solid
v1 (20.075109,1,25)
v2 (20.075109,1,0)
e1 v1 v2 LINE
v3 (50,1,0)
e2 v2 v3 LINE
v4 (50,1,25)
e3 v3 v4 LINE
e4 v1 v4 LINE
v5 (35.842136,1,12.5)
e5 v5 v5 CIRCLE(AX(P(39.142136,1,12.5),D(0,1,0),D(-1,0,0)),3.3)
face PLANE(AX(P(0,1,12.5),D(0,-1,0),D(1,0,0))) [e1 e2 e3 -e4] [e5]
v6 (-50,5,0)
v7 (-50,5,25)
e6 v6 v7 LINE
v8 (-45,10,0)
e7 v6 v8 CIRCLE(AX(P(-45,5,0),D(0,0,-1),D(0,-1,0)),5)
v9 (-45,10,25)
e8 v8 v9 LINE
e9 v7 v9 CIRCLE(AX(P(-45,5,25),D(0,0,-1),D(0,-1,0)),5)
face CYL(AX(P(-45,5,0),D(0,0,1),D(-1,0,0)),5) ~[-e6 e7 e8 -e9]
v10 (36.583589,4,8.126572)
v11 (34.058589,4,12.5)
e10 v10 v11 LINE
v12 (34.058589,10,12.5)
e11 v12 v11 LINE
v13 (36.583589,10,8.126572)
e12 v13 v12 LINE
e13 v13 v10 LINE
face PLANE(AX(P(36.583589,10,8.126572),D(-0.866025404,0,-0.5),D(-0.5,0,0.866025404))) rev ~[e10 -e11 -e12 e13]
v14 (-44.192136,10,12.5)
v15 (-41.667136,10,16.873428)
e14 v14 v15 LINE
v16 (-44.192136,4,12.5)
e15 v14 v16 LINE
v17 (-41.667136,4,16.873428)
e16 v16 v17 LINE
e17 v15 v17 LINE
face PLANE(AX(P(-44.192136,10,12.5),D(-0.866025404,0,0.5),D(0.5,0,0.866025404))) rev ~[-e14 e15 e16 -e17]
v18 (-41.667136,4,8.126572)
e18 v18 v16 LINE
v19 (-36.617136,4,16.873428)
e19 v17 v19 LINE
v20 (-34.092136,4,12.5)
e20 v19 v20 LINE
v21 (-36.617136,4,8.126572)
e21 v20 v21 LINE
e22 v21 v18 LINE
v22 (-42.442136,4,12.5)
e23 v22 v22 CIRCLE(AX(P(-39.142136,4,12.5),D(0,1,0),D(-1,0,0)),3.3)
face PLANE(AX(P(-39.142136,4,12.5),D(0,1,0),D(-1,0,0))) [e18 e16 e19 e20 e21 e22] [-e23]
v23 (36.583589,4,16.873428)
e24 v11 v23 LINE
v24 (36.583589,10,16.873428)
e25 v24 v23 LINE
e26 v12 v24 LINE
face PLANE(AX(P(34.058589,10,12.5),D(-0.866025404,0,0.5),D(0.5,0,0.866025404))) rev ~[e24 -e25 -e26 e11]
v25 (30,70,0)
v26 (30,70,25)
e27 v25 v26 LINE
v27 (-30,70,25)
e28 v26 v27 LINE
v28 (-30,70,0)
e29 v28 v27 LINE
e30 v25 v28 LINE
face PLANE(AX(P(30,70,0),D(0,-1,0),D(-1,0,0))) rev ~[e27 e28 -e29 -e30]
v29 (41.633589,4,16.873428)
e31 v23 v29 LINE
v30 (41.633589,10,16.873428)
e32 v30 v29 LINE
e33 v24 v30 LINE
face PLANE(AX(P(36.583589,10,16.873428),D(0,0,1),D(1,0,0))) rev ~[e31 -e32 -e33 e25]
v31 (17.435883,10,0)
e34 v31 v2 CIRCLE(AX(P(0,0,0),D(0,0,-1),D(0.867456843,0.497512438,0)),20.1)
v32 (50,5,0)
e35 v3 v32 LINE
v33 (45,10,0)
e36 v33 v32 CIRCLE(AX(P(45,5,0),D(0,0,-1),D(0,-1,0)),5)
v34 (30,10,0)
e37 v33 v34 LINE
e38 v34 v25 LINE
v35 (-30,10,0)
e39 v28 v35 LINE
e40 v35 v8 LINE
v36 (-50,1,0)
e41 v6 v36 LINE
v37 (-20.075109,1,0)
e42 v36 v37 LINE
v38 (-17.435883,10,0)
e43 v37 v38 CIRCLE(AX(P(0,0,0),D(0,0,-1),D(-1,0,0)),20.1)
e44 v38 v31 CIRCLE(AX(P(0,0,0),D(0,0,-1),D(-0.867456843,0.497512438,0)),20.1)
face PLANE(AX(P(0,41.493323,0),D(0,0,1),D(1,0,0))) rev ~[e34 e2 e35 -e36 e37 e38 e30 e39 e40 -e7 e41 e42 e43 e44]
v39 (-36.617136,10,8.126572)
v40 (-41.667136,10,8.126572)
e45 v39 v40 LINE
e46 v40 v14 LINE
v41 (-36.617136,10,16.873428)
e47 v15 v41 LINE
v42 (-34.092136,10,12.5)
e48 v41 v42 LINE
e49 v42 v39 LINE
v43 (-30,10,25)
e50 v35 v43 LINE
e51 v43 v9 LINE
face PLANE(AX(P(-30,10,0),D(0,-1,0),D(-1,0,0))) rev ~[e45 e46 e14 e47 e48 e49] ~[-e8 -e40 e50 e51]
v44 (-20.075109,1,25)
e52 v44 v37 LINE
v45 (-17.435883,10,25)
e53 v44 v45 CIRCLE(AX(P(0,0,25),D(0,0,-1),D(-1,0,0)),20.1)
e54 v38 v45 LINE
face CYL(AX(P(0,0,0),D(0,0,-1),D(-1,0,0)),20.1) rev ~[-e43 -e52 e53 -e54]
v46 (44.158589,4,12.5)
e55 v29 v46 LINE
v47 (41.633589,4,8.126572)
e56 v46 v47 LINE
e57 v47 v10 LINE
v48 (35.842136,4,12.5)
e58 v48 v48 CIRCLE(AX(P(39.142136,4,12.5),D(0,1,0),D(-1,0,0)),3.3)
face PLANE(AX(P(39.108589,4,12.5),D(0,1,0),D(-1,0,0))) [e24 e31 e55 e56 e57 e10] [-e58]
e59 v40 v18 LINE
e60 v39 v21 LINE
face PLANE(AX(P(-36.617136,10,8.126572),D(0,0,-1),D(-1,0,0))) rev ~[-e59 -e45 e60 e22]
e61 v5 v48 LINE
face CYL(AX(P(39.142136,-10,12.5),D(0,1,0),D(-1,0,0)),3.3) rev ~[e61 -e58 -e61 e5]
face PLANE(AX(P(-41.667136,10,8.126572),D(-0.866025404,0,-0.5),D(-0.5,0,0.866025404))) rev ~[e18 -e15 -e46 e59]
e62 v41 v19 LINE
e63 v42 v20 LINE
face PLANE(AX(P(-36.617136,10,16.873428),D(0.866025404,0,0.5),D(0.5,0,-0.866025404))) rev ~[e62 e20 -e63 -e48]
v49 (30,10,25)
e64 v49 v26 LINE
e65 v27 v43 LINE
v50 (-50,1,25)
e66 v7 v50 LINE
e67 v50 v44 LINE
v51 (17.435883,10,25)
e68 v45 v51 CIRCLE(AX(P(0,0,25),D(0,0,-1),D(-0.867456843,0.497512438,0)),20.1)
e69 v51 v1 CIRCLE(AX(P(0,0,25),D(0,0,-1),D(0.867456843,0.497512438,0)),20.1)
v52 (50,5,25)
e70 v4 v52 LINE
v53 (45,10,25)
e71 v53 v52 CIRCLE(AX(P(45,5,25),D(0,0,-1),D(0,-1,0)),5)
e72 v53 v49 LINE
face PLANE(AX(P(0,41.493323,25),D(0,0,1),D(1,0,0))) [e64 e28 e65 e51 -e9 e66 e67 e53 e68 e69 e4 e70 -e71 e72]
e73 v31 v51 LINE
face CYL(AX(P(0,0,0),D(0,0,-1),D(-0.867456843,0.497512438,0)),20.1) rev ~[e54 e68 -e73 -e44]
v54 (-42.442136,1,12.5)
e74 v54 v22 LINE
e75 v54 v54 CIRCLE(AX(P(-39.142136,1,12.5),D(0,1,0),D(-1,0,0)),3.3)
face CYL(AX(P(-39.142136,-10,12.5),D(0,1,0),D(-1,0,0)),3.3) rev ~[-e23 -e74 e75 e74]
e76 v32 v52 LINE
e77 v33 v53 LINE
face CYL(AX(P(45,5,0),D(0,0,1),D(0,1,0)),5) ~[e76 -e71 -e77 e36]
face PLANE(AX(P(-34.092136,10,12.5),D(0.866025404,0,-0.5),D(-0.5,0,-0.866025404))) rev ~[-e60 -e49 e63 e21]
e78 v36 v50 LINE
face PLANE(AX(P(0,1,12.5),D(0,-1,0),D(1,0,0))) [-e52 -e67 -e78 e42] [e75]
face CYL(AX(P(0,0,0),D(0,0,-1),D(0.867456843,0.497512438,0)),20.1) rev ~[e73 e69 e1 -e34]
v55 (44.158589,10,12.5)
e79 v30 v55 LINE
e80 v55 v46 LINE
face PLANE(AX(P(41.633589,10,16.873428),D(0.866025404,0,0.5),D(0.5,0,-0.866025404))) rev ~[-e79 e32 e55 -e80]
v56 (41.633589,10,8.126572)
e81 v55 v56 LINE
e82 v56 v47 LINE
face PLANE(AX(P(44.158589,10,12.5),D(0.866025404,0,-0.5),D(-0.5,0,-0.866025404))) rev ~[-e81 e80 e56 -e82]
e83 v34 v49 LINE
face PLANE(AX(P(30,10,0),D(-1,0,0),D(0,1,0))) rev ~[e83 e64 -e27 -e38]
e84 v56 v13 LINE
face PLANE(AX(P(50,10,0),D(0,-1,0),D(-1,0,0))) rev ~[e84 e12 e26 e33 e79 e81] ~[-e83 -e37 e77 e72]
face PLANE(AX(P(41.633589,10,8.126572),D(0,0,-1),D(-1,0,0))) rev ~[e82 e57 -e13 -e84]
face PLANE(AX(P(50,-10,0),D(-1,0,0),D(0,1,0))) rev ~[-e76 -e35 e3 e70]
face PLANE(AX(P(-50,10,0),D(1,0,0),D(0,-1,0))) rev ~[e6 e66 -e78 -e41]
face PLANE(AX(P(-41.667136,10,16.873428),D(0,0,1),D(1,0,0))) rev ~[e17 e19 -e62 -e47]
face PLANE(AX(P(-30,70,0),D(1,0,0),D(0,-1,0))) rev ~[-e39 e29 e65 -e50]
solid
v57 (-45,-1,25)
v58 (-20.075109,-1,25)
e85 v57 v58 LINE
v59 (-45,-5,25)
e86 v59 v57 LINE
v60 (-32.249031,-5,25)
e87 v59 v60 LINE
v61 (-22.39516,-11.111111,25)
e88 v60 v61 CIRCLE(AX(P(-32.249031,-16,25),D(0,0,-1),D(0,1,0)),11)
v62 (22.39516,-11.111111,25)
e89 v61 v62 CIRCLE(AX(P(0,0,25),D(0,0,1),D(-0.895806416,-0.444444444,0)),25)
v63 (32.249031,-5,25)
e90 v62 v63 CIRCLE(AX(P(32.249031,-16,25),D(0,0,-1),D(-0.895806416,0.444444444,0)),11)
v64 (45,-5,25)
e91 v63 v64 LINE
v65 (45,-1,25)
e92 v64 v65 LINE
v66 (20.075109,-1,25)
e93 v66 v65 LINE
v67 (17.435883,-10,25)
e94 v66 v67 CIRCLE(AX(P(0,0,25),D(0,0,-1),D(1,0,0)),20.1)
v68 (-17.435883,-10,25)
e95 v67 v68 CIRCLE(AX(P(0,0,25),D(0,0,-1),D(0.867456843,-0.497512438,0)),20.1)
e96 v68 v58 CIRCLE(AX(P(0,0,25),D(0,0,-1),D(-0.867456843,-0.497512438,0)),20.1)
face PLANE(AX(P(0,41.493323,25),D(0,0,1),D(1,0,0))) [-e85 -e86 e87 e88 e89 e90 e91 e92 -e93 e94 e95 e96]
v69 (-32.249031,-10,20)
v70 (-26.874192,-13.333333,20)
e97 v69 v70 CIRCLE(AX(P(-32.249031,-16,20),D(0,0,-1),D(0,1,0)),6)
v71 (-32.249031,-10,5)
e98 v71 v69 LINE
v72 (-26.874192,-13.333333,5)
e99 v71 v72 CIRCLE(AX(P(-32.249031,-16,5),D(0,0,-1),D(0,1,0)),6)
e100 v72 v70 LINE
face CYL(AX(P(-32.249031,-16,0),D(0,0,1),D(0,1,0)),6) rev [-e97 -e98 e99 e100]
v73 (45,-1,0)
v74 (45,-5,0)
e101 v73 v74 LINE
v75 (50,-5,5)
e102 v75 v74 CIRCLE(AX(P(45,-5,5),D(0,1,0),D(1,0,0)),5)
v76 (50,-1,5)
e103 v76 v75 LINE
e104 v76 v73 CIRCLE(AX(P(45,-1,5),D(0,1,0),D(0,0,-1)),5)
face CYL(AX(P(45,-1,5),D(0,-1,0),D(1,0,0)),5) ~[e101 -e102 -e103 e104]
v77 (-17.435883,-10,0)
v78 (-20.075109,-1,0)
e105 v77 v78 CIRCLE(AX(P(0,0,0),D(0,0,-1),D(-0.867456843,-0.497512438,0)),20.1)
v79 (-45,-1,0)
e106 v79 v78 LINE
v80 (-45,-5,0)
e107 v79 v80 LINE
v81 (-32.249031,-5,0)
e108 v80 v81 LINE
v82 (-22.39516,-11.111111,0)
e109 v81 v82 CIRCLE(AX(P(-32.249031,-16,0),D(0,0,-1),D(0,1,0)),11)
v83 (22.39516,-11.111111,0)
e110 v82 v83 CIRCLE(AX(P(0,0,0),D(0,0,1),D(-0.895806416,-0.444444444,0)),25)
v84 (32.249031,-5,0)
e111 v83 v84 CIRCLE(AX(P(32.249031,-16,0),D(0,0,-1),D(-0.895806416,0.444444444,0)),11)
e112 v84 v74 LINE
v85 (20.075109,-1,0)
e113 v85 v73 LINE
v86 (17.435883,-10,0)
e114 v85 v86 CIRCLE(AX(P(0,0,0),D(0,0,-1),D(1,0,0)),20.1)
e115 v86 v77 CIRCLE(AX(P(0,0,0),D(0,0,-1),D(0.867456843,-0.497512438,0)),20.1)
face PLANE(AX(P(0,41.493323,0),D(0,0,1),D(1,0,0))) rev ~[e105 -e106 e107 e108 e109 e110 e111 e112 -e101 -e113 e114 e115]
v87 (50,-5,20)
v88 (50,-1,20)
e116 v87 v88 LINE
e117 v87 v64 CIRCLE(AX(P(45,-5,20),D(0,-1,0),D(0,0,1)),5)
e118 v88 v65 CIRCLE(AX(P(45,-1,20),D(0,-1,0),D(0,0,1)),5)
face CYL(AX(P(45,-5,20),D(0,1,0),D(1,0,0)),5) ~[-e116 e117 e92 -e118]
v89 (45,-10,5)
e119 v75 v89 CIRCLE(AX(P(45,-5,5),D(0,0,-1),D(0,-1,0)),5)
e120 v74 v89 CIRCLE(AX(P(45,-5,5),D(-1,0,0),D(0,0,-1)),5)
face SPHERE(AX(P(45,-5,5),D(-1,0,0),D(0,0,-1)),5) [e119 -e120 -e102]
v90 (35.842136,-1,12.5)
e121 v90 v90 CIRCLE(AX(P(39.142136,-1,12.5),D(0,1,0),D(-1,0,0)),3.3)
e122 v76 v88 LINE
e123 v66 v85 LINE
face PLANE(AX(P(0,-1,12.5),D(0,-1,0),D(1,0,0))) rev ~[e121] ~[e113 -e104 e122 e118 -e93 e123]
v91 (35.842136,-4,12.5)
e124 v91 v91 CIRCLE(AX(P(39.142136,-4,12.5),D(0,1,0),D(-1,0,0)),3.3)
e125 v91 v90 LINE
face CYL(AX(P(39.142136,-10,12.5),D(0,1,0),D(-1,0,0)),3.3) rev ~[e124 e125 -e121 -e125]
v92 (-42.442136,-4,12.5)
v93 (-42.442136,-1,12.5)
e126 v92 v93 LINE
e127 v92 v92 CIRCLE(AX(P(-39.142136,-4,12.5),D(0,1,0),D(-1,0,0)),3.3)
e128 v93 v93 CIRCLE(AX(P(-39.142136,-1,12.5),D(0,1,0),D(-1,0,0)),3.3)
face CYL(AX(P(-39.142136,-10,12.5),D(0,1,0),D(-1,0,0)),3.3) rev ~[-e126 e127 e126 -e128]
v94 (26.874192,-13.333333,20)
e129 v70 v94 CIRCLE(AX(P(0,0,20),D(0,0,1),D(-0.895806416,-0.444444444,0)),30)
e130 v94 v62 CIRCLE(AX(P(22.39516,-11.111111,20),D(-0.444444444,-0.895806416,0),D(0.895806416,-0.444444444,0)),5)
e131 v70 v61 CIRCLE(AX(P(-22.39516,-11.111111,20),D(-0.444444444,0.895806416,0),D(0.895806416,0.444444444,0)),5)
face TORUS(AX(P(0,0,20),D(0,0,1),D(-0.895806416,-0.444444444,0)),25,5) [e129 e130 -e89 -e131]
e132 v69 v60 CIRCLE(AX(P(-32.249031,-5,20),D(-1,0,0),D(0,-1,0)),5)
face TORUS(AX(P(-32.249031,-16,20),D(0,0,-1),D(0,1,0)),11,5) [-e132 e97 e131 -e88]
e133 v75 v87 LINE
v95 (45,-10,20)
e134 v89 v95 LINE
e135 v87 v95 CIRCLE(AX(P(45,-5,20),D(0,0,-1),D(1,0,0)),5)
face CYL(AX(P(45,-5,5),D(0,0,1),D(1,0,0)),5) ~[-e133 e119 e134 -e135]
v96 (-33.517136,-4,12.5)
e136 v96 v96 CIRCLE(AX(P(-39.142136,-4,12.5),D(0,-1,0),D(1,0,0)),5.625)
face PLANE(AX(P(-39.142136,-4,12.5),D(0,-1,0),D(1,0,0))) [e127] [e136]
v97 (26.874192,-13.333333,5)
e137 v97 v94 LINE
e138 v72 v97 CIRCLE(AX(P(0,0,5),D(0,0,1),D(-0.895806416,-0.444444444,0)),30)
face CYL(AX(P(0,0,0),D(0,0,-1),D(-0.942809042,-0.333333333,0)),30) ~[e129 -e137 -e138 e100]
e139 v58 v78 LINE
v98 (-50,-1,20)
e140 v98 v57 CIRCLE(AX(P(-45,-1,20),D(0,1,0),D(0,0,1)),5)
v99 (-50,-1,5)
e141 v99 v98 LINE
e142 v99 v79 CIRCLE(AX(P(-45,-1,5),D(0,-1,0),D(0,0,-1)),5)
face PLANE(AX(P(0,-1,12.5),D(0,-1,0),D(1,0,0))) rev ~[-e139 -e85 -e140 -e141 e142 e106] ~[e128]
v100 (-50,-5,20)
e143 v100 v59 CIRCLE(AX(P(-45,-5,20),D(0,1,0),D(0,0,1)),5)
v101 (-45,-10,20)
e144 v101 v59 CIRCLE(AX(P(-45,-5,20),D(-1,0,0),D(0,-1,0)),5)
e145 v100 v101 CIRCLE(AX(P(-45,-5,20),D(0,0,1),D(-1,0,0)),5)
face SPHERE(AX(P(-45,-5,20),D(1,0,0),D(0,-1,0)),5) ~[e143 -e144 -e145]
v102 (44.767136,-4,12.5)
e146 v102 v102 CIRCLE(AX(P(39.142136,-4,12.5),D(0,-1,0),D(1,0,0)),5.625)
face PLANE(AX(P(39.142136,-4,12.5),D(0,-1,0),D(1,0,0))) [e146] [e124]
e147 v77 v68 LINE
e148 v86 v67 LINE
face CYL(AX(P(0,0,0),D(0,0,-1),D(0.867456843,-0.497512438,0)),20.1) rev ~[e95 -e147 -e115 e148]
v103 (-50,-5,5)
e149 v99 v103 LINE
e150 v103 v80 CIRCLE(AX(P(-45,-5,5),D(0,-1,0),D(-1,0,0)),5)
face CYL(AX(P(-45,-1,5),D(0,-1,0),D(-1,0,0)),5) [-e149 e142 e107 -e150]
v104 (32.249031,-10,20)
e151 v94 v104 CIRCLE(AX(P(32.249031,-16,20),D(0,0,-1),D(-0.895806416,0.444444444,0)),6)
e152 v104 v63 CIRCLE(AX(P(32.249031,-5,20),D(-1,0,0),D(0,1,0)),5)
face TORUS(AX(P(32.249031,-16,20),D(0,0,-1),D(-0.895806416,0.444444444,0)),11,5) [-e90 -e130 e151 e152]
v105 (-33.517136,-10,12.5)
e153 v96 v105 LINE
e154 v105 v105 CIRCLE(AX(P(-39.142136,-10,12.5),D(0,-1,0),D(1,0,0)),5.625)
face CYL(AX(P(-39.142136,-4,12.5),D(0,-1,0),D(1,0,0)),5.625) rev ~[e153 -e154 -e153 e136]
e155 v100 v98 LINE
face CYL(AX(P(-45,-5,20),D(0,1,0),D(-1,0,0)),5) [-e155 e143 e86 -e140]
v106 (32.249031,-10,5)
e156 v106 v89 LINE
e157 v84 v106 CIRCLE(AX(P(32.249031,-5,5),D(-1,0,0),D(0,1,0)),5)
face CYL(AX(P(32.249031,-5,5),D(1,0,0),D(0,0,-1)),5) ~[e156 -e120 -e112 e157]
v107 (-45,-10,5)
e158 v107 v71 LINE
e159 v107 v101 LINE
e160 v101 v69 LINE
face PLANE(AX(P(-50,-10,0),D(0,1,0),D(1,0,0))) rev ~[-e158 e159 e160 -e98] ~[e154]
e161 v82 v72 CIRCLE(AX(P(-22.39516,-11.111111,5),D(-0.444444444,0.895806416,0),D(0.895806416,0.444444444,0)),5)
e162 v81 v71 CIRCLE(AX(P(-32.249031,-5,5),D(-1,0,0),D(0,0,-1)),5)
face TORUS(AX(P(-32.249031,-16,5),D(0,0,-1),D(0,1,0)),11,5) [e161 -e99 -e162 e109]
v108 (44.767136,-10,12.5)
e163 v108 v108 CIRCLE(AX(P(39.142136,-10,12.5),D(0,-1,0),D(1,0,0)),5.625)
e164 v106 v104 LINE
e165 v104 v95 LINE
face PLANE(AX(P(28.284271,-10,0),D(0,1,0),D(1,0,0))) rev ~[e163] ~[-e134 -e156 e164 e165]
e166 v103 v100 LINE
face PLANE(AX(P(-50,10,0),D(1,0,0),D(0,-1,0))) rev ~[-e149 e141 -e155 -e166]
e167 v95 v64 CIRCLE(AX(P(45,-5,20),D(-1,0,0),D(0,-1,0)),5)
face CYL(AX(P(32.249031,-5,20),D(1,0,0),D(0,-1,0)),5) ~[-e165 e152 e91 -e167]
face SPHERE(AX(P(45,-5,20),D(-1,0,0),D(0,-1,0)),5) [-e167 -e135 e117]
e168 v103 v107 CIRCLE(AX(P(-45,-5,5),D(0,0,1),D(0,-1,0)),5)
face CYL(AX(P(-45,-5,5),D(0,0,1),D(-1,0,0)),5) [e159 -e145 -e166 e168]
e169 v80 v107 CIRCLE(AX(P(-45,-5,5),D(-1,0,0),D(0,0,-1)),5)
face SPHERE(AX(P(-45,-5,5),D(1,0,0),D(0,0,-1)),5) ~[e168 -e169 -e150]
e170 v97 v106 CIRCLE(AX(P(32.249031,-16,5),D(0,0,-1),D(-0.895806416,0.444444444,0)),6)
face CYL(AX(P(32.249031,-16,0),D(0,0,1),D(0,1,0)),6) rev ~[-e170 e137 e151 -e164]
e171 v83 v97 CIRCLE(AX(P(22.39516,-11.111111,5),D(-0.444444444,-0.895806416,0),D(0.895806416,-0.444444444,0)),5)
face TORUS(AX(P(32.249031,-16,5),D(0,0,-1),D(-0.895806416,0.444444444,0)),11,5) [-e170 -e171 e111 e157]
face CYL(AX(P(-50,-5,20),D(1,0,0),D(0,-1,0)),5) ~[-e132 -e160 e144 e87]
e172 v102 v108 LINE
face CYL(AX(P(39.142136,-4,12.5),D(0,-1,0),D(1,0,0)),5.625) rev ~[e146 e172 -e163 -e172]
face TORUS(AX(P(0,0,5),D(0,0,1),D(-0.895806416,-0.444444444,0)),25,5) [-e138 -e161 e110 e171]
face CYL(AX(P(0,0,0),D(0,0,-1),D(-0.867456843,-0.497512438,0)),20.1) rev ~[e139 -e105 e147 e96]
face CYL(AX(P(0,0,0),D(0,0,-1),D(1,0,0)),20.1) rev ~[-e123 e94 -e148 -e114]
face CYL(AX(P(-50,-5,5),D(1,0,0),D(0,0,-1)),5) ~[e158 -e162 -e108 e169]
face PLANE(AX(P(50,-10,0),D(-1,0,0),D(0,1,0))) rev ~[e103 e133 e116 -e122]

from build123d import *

# Parameters (mm, degrees)
F1_DEPTH             = 25
F4_D                 = 6.6
F4_CBORE_D           = 11.25
F4_CBORE_DEPTH       = 6
F4_ON_F3_D           = 6.6
F4_ON_F3_CBORE_D     = 11.25
F4_ON_F3_CBORE_DEPTH = 6
F5_R                 = 3.3
F6_DEPTH             = 6
F7_R                 = 6
F8_W                 = 100
F8_H                 = 25
F9_DEPTH             = 1
F10_R                = 5
F11_R                = 5


with BuildPart() as f1:
    # F0 (on Top) → F1 (new body)
    with BuildSketch(Plane.XY):
        with BuildLine():
            ThreePointArc((-28.2842712475, 10), (0, 30), (28.2842712475, 10))
            Line((28.2842712475, 10), (30, 10))
            Line((30, 10), (30, 70))
            Line((30, 70), (-30, 70))
            Line((-30, 70), (-30, 10))
            Line((-30, 10), (-28.2842712475, 10))
        make_face()
        with BuildLine():
            Line((30, 10), (30, 0))
            ThreePointArc((30, 0), (29.5679567896, -5.0730593618), (28.2842712475, -10))
            Line((28.2842712475, -10), (50, -10))
            Line((50, -10), (50, 10))
            Line((50, 10), (30, 10))
        make_face()
        with BuildLine():
            ThreePointArc((-17.4358825415, 10), (0, 20.1), (17.4358825415, 10))
            Line((17.4358825415, 10), (28.2842712475, 10))
            ThreePointArc((28.2842712475, 10), (0, 30), (-28.2842712475, 10))
            Line((-28.2842712475, 10), (-17.4358825415, 10))
        make_face()
        with BuildLine():
            Line((-30, 0), (-20.1, 0))
            ThreePointArc((-20.1, 0), (-19.4225544031, 5.1743966275), (-17.4358825415, 10))
            Line((-17.4358825415, 10), (-28.2842712475, 10))
            ThreePointArc((-28.2842712475, 10), (-29.5679567896, 5.0730593618), (-30, 0))
        make_face()
        with BuildLine():
            ThreePointArc((-17.4358825415, -10), (-19.4225544031, -5.1743966275), (-20.1, 0))
            Line((-20.1, 0), (-30, 0))
            ThreePointArc((-30, 0), (-29.5679567896, -5.0730593618), (-28.2842712475, -10))
            Line((-28.2842712475, -10), (-17.4358825415, -10))
        make_face()
        with BuildLine():
            Line((28.2842712475, -10), (17.4358825415, -10))
            ThreePointArc((17.4358825415, -10), (0, -20.1), (-17.4358825415, -10))
            Line((-17.4358825415, -10), (-28.2842712475, -10))
            ThreePointArc((-28.2842712475, -10), (0, -30), (28.2842712475, -10))
        make_face()
        with BuildLine():
            Line((30, 0), (20.1, 0))
            ThreePointArc((20.1, 0), (19.4225544031, -5.1743966275), (17.4358825415, -10))
            Line((17.4358825415, -10), (28.2842712475, -10))
            ThreePointArc((28.2842712475, -10), (29.5679567896, -5.0730593618), (30, 0))
        make_face()
        with BuildLine():
            ThreePointArc((17.4358825415, 10), (19.4225544031, 5.1743966275), (20.1, 0))
            Line((20.1, 0), (30, 0))
            ThreePointArc((30, 0), (29.5679567896, 5.0730593618), (28.2842712475, 10))
            Line((28.2842712475, 10), (17.4358825415, 10))
        make_face()
        with BuildLine():
            ThreePointArc((-28.2842712475, -10), (-29.5679567896, -5.0730593618), (-30, 0))
            Line((-30, 0), (-30, 10))
            Line((-30, 10), (-50, 10))
            Line((-50, 10), (-50, -10))
            Line((-50, -10), (-28.2842712475, -10))
        make_face()
        with BuildLine():
            Line((-30, 10), (-30, 0))
            ThreePointArc((-30, 0), (-29.5679567896, 5.0730593618), (-28.2842712475, 10))
            Line((-28.2842712475, 10), (-30, 10))
        make_face()
        with BuildLine():
            ThreePointArc((28.2842712475, 10), (29.5679567896, 5.0730593618), (30, 0))
            Line((30, 0), (30, 10))
            Line((30, 10), (28.2842712475, 10))
        make_face()
    extrude(amount=F1_DEPTH)

    # F4 (through all)
    with Locations(Plane.XZ.offset(10)):
        with Locations((-39.1421356237, 12.5)):
            CounterBoreHole(F4_D / 2, F4_CBORE_D / 2, F4_CBORE_DEPTH)

    # F4 on F3 (through all)
    with Locations(Plane.XZ.offset(10)):
        with Locations((39.1421356237, 12.5)):
            CounterBoreHole(F4_ON_F3_D / 2, F4_ON_F3_CBORE_D / 2, F4_ON_F3_CBORE_DEPTH)

    # F5 (on face) → F6 (cut)
    with BuildSketch(Plane(origin=(0, 10, 0), x_dir=(-1, 0, 0), z_dir=(0, 1, 0))):
        Polygon((-34.0585892916, 12.5), (-36.5835892916, 16.8734282891), (-41.6335892916, 16.8734282891), (-44.1585892916, 12.5), (-41.6335892916, 8.1265717109), (-36.5835892916, 8.1265717109), align=None)
        Polygon((44.1921356237, 12.5), (41.6671356237, 16.8734282891), (36.6171356237, 16.8734282891), (34.0921356237, 12.5), (36.6171356237, 8.1265717109), (41.6671356237, 8.1265717109), align=None)
        with Locations((39.1421356237, 12.5)):
            Circle(F5_R, mode=Mode.SUBTRACT)
    extrude(amount=-F6_DEPTH, mode=Mode.SUBTRACT)

    # F7
    f7_edges = [f1.edges().sort_by_distance(p)[0] for p in [
        (28.284271, -10, 12.5),
        (-28.284271, -10, 12.5),
    ]]
    fillet(f7_edges, radius=F7_R)

    # F8 (on Front) → F9 (cut, symmetric)
    with BuildSketch(Plane.XZ):
        with Locations((0, 12.5)):
            Rectangle(F8_W, F8_H)
    extrude(amount=F9_DEPTH, both=True, mode=Mode.SUBTRACT)

    # F10
    f10_edges = [f1.edges().sort_by_distance(p)[0] for p in [
        (0, -30, 0),
        (-26.874192, -13.333333, 12.5),
        (26.874192, -13.333333, 12.5),
        (0, -30, 25),
    ]]
    fillet(f10_edges, radius=F10_R)

    # F11
    f11_edges = [f1.edges().sort_by_distance(p)[0] for p in [
        (50, -10, 12.5),
        (50, 10, 12.5),
        (-50, -10, 12.5),
        (-50, 10, 12.5),
    ]]
    fillet(f11_edges, radius=F11_R)


solid = f1.part
